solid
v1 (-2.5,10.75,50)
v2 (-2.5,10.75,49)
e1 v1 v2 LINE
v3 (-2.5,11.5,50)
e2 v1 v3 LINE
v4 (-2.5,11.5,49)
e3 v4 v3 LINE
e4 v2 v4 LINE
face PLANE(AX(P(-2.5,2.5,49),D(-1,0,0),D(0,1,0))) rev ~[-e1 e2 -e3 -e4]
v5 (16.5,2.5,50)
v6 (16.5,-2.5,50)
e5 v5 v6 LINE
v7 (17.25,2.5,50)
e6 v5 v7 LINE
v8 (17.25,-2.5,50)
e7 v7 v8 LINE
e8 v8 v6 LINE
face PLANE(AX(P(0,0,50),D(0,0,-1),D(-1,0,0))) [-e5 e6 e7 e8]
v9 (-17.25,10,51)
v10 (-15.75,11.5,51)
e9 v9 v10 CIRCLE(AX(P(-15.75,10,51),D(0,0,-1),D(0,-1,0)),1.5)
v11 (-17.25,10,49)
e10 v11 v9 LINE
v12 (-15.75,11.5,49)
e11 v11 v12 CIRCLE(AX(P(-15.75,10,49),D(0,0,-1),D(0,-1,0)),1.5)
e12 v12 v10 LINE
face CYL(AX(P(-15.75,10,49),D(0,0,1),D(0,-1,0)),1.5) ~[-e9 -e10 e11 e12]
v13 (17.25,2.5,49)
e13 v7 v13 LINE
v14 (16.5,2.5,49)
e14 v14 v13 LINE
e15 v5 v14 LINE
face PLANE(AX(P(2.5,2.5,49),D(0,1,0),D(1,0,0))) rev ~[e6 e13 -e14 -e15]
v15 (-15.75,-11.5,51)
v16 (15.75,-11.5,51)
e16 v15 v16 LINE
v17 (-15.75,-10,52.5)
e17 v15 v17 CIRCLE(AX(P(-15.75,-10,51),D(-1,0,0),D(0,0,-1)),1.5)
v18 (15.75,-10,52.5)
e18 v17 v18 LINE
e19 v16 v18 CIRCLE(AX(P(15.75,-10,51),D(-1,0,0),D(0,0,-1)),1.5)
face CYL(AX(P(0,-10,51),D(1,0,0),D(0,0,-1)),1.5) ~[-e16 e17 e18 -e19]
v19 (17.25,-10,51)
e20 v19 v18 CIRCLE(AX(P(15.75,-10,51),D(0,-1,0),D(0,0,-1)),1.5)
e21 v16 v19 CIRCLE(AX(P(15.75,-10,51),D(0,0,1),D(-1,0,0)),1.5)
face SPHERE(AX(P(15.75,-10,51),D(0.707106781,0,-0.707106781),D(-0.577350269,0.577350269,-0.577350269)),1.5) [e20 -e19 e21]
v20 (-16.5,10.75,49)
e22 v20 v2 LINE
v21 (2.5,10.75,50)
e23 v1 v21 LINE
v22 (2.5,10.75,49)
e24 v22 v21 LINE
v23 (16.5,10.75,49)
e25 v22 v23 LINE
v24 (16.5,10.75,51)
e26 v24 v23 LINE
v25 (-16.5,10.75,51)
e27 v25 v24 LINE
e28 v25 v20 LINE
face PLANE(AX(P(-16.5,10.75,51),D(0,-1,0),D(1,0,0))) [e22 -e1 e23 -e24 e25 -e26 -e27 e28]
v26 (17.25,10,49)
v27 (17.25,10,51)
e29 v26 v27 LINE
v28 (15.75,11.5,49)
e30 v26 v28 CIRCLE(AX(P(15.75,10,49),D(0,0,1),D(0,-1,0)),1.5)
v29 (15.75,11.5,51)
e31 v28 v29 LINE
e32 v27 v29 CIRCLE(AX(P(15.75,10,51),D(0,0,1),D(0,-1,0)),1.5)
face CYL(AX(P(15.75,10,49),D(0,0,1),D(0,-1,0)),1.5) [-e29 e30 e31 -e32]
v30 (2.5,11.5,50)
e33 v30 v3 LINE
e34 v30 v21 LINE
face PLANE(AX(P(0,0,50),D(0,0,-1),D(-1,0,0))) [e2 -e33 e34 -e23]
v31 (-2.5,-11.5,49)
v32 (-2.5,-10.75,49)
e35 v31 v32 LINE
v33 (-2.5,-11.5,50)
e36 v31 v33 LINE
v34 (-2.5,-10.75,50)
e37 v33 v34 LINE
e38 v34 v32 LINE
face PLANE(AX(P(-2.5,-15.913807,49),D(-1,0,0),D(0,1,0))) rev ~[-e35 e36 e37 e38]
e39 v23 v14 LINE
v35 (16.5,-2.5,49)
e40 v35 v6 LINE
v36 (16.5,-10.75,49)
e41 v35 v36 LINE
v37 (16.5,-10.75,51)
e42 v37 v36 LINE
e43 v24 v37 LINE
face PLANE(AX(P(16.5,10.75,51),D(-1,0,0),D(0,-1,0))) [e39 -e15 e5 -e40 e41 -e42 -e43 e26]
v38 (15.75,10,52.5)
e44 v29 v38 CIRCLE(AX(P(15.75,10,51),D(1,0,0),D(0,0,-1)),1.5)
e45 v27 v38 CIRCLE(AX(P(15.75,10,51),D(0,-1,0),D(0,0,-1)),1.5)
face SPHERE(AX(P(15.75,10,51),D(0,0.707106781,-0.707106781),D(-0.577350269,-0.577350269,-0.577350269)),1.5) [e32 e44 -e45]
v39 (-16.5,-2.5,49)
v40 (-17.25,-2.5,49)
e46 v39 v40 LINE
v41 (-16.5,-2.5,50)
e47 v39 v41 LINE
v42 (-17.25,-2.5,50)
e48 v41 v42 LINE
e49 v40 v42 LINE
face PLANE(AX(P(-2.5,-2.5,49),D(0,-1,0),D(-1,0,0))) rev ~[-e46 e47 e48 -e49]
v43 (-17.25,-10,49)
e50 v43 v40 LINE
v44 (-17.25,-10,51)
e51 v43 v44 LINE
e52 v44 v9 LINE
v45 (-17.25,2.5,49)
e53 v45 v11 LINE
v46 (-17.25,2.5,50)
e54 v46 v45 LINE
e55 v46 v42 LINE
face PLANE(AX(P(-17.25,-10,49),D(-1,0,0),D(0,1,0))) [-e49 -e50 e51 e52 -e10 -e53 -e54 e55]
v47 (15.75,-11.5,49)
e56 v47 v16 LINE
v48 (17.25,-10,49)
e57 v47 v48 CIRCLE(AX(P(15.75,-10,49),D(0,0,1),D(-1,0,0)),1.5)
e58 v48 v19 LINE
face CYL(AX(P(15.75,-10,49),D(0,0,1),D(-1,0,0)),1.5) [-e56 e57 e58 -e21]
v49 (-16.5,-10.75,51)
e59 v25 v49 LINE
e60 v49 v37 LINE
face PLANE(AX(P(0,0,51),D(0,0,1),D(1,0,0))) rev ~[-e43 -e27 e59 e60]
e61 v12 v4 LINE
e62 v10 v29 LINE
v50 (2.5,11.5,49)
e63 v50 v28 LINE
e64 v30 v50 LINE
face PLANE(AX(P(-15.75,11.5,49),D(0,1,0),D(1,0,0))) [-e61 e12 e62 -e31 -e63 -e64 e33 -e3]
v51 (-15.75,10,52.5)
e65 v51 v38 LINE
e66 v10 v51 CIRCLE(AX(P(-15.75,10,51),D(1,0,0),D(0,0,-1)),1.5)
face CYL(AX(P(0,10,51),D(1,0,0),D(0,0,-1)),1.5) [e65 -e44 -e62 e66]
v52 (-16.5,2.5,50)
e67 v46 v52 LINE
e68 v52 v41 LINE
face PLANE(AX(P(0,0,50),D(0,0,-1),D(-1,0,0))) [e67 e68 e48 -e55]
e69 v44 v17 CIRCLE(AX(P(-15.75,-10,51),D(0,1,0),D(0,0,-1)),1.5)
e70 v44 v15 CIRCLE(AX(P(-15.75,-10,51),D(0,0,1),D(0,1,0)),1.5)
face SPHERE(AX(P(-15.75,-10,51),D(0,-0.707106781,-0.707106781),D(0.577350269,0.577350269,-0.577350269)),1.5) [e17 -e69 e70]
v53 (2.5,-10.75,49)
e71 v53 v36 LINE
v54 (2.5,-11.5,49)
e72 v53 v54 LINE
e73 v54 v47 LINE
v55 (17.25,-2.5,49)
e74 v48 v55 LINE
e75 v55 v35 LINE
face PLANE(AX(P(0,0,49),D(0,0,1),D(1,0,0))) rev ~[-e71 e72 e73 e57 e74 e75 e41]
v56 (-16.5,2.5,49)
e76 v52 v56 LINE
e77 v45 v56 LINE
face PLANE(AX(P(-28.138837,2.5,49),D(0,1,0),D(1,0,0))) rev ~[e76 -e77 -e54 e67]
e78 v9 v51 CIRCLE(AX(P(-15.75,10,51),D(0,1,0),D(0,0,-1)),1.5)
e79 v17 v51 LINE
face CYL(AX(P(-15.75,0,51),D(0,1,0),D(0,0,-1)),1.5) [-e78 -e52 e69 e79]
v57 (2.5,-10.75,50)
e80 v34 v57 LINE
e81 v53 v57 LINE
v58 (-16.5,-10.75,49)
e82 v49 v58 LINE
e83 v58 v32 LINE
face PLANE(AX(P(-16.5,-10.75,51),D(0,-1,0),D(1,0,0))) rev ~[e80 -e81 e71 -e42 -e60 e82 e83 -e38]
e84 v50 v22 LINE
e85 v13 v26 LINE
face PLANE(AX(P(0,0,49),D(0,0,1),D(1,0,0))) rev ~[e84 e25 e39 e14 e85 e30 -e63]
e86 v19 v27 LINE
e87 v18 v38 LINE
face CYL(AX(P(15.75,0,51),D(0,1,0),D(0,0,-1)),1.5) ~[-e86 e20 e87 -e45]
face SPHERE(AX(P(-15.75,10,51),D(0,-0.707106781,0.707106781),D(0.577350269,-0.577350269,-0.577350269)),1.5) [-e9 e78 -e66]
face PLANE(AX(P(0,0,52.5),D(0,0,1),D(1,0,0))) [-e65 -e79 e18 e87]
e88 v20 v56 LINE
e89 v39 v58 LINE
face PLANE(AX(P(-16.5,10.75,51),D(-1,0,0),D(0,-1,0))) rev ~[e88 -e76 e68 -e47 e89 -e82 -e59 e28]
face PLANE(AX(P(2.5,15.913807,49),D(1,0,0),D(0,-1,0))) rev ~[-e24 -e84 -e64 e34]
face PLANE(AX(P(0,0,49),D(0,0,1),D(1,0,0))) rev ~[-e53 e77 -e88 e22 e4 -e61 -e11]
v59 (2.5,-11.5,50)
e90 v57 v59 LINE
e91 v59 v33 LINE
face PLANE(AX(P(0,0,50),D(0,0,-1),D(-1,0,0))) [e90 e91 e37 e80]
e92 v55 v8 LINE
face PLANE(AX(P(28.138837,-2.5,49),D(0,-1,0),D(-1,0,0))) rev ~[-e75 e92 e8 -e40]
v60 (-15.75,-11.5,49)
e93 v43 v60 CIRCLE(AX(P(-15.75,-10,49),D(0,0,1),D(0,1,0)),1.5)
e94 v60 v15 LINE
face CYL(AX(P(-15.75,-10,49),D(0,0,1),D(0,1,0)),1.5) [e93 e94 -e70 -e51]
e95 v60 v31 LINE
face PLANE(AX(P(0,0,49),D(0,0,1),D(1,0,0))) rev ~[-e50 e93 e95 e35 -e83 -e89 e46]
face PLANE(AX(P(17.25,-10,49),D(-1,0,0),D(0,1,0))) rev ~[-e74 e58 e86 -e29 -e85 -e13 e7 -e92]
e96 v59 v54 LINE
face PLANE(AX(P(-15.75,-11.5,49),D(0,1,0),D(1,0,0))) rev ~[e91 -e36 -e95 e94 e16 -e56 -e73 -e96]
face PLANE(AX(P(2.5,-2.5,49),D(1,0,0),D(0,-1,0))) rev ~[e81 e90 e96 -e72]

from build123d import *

# Parameters (mm, degrees)
SKETCH046_W     = 31.5
SKETCH046_H     = 20
PAD026_DEPTH    = 2
THICKNESS008_T  = 1.5
SKETCH050_W     = 33
SKETCH050_H     = 21.5
POCKET016_DEPTH = 5
POCKET017_DEPTH = 1


with BuildPart() as part:
    # Sketch046 → Pad026 (new body)
    with BuildSketch(Plane.XY):
        Rectangle(SKETCH046_W, SKETCH046_H)
    extrude(amount=PAD026_DEPTH)

    # Thickness008
    thickness008_openings = [part.faces().sort_by_distance(p)[0] for p in [
        (0, 0, 0),
    ]]
    offset(amount=THICKNESS008_T, openings=thickness008_openings)

    # Sketch050 (on Face5 of Thickness008) → Pocket016 (cut)
    with BuildSketch(Plane(origin=(0, 0, 2), x_dir=(1, 0, 0), z_dir=(0, 0, -1))):
        Rectangle(SKETCH050_W, SKETCH050_H)
    extrude(amount=POCKET016_DEPTH, mode=Mode.SUBTRACT)

    # Sketch048 → Pocket017 (cut)
    with BuildSketch(Plane.XY):
        Polygon((-28.138837, 2.5), (-2.5, 2.5), (-2.5, 15.913807), (2.5, 15.913807), (2.5, 2.5), (28.138837, 2.5), (28.138837, -2.5), (2.5, -2.5), (2.5, -15.913807), (-2.5, -15.913807), (-2.5, -2.5), (-28.138837, -2.5), align=None)
    extrude(amount=POCKET017_DEPTH, mode=Mode.SUBTRACT)


with BuildPart() as part_1:
    # Body011 placement: moved
    add(part.part.moved(Location((0, 0, 49))))


solid = part_1.part
